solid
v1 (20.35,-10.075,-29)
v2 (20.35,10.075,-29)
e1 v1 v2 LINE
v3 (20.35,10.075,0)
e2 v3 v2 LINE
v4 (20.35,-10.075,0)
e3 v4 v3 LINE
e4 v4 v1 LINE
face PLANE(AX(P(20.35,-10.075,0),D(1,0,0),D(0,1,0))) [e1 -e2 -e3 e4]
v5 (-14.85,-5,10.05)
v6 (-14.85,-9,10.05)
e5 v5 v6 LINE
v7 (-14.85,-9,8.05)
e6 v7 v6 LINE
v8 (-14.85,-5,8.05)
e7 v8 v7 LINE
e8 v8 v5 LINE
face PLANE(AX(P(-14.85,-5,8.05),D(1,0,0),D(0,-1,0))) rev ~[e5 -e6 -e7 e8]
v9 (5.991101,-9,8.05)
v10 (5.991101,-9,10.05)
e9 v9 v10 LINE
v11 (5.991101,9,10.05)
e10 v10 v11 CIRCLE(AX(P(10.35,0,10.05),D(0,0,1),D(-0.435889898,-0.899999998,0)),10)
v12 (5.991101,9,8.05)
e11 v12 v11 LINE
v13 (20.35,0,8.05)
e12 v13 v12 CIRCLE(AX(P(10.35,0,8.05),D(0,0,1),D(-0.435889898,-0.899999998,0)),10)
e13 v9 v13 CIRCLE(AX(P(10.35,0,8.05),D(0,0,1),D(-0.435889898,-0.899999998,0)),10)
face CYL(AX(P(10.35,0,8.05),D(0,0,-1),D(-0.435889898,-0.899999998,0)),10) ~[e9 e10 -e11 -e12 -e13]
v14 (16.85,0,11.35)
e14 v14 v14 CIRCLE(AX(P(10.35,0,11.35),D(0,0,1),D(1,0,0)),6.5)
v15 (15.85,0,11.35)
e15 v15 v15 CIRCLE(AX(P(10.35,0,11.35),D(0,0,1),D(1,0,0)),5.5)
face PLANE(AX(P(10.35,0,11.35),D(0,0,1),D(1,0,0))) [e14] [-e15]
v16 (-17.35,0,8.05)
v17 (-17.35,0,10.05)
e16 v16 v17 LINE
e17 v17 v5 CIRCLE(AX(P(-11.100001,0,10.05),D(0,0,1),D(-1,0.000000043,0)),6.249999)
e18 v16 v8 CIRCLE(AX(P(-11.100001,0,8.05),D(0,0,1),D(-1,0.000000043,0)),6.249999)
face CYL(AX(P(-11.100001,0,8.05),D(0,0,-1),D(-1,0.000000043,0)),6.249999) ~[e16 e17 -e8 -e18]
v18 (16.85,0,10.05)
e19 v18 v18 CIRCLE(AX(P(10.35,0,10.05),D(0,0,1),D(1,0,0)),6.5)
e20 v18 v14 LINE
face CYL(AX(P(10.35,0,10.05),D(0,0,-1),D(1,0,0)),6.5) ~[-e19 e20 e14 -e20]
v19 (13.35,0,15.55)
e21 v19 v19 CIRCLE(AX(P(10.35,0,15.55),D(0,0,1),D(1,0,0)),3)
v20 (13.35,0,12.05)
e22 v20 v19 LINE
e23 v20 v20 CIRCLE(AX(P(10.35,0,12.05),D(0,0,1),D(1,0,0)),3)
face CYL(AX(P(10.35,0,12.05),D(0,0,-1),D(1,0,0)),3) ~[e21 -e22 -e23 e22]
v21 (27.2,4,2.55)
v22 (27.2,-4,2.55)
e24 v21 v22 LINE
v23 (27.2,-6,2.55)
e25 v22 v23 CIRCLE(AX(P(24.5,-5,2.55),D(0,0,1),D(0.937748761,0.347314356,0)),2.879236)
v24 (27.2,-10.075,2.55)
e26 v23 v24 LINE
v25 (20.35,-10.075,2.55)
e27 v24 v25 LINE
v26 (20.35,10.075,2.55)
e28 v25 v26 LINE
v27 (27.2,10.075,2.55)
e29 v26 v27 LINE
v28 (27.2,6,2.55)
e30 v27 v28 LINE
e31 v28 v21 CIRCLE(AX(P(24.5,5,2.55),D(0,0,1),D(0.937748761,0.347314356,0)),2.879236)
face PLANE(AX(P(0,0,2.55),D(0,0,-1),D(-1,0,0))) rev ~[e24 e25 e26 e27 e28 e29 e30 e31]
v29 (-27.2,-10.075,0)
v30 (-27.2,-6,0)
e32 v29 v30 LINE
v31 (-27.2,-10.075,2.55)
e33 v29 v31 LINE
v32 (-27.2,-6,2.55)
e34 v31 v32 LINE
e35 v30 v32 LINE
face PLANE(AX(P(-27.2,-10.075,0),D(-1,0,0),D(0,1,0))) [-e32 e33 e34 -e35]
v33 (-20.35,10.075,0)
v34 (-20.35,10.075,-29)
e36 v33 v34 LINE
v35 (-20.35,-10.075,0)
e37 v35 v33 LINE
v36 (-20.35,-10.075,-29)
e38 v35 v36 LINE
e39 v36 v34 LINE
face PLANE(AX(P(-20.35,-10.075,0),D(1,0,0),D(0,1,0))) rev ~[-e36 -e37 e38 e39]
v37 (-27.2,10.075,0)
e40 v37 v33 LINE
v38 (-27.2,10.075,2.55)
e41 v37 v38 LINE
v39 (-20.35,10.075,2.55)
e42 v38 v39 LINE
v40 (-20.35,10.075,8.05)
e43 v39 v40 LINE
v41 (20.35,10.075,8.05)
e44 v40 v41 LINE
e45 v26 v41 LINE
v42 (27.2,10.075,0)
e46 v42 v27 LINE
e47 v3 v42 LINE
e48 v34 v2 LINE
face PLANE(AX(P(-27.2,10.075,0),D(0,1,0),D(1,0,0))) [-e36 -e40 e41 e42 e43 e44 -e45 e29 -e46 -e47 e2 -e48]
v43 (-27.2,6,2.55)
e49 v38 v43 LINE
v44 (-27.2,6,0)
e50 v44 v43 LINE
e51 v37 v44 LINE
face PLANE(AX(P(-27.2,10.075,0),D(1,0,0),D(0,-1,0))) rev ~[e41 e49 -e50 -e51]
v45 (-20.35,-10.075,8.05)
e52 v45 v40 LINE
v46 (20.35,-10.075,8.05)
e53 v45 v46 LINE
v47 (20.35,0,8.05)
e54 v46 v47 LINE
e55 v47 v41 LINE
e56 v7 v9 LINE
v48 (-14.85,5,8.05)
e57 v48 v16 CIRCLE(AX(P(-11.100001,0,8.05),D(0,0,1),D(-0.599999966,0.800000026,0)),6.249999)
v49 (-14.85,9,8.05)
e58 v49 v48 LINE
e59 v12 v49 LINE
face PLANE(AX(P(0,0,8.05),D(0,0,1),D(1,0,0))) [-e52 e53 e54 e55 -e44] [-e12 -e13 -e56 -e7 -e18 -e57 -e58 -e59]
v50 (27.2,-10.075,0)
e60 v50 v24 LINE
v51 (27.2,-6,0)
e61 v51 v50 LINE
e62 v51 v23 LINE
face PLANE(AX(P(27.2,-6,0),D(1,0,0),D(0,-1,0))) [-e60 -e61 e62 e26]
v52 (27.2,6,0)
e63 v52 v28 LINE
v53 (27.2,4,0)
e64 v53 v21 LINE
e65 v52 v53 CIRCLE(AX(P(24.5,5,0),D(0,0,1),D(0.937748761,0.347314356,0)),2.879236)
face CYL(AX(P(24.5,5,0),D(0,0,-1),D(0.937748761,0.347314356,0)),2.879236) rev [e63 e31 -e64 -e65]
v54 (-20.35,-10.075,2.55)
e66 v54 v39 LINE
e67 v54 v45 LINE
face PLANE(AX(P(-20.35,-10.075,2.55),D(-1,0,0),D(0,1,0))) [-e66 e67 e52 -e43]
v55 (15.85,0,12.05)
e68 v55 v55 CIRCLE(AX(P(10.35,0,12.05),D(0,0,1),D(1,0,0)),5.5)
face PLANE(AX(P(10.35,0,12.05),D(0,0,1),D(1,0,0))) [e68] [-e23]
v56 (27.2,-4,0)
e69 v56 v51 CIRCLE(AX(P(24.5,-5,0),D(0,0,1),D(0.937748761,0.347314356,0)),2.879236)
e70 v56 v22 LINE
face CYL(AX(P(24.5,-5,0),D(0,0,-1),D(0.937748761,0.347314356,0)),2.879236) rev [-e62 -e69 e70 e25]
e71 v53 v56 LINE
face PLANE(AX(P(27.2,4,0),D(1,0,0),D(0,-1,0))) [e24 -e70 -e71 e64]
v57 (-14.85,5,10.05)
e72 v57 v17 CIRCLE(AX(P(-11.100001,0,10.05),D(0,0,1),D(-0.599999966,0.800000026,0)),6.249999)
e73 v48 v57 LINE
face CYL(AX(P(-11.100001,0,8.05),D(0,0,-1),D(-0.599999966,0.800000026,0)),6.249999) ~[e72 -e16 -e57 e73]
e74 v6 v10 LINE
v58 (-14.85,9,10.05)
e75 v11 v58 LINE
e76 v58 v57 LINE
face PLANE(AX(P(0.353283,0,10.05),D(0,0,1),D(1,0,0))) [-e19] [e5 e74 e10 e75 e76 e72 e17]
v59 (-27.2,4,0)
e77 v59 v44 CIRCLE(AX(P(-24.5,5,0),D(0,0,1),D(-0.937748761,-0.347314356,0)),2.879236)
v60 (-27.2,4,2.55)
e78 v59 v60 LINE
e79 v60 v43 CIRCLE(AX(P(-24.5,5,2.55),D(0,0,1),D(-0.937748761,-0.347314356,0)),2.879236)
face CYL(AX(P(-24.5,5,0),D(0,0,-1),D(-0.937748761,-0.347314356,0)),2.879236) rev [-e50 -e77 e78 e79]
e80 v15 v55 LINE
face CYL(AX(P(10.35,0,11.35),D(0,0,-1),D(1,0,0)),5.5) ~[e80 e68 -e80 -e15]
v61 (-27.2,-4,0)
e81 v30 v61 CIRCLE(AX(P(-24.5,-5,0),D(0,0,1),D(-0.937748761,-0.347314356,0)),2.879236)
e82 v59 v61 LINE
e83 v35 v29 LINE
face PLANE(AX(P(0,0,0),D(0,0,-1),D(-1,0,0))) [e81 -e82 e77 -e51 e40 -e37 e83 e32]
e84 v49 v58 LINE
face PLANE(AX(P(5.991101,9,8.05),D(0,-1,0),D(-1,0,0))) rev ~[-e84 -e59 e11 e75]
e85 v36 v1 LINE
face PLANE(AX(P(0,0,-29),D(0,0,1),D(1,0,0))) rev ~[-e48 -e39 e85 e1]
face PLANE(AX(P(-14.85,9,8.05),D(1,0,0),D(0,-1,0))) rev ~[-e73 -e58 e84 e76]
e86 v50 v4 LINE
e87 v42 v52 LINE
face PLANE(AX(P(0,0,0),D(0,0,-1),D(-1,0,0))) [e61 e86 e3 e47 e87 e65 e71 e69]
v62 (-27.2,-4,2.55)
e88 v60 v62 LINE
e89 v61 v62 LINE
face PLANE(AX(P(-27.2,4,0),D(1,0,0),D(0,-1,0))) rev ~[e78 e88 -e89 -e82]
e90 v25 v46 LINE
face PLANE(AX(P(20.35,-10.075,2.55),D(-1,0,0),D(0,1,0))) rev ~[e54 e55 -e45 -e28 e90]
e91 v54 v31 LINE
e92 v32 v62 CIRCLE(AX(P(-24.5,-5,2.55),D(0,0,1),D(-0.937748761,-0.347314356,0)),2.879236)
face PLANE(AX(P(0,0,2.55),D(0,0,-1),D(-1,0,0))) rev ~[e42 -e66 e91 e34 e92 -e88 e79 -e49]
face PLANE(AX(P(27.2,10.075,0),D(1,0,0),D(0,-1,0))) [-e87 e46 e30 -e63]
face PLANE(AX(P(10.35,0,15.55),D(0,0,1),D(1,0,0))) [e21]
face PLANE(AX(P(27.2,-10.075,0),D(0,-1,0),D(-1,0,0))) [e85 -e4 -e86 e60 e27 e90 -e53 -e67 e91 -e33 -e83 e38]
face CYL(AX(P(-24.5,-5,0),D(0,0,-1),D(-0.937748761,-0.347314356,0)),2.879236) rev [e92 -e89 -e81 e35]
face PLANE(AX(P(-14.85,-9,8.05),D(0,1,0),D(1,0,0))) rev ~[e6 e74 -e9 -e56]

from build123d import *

# Parameters (mm, degrees)
SKETCH_W     = 40.7
SKETCH_H     = 20.15
PAD_DEPTH    = 29
PAD001_DEPTH = 2.55
SKETCH002_W  = 40.7
SKETCH002_H  = 20.15
PAD002_DEPTH = 5.5
PAD003_DEPTH = 2
SKETCH004_R  = 6.5
PAD004_DEPTH = 1.3
SKETCH005_R  = 5.5
PAD005_DEPTH = 0.7
SKETCH006_R  = 3
PAD006_DEPTH = 3.5


with BuildPart() as part:
    # Sketch → Pad (new body)
    with BuildSketch(Plane.XY):
        Rectangle(SKETCH_W, SKETCH_H)
    extrude(amount=-PAD_DEPTH)

    # Sketch001 (on Face5 of Pad) → Pad001 (join)
    with BuildSketch(Plane.XY):
        with BuildLine():
            Line((-27.2, 10.075), (27.2, 10.075))
            Line((27.2, 10.075), (27.2, 6))
            ThreePointArc((27.2, 6), (21.620764, 5), (27.2, 4))
            Line((27.2, 4), (27.2, -4))
            ThreePointArc((27.2, -4), (21.620764, -5), (27.2, -6))
            Line((27.2, -6), (27.2, -10.075))
            Line((27.2, -10.075), (-27.2, -10.075))
            Line((-27.2, -10.075), (-27.2, -6))
            ThreePointArc((-27.2, -6), (-21.620764, -5), (-27.2, -4))
            Line((-27.2, 4), (-27.2, -4))
            ThreePointArc((-27.2, 4), (-21.620764, 5), (-27.2, 6))
            Line((-27.2, 10.075), (-27.2, 6))
        make_face()
    extrude(amount=PAD001_DEPTH)

    # Sketch002 (on Face5 of Pad001) → Pad002 (join)
    with BuildSketch(Plane.XY.offset(2.55)):
        Rectangle(SKETCH002_W, SKETCH002_H)
    extrude(amount=PAD002_DEPTH)

    # Sketch003 (on Face21 of Pad002) → Pad003 (join)
    with BuildSketch(Plane.XY.offset(8.05)):
        with BuildLine():
            ThreePointArc((5.991101, -9), (20.35, 0), (5.991101, 9))
            Line((5.991101, 9), (-14.85, 9))
            Line((-14.85, 9), (-14.85, 5))
            ThreePointArc((-14.85, 5), (-16.69017, 2.795085), (-17.35, 0))
            ThreePointArc((-17.35, 0), (-16.69017, -2.795085), (-14.85, -5))
            Line((-14.85, -5), (-14.85, -9))
            Line((-14.85, -9), (5.991101, -9))
        make_face()
    extrude(amount=PAD003_DEPTH)

    # Sketch004 (on Face34 of Pad003) → Pad004 (join)
    with BuildSketch(Plane.XY.offset(10.05)):
        with Locations((10.35, 0)):
            Circle(SKETCH004_R)
    extrude(amount=PAD004_DEPTH)

    # Sketch005 (on Face36 of Pad004) → Pad005 (join)
    with BuildSketch(Plane.XY.offset(11.35)):
        with Locations((10.35, 0)):
            Circle(SKETCH005_R)
    extrude(amount=PAD005_DEPTH)

    # Sketch006 (on Face38 of Pad005) → Pad006 (join)
    with BuildSketch(Plane.XY.offset(12.05)):
        with Locations((10.35, 0)):
            Circle(SKETCH006_R)
    extrude(amount=PAD006_DEPTH)


solid = part.part
